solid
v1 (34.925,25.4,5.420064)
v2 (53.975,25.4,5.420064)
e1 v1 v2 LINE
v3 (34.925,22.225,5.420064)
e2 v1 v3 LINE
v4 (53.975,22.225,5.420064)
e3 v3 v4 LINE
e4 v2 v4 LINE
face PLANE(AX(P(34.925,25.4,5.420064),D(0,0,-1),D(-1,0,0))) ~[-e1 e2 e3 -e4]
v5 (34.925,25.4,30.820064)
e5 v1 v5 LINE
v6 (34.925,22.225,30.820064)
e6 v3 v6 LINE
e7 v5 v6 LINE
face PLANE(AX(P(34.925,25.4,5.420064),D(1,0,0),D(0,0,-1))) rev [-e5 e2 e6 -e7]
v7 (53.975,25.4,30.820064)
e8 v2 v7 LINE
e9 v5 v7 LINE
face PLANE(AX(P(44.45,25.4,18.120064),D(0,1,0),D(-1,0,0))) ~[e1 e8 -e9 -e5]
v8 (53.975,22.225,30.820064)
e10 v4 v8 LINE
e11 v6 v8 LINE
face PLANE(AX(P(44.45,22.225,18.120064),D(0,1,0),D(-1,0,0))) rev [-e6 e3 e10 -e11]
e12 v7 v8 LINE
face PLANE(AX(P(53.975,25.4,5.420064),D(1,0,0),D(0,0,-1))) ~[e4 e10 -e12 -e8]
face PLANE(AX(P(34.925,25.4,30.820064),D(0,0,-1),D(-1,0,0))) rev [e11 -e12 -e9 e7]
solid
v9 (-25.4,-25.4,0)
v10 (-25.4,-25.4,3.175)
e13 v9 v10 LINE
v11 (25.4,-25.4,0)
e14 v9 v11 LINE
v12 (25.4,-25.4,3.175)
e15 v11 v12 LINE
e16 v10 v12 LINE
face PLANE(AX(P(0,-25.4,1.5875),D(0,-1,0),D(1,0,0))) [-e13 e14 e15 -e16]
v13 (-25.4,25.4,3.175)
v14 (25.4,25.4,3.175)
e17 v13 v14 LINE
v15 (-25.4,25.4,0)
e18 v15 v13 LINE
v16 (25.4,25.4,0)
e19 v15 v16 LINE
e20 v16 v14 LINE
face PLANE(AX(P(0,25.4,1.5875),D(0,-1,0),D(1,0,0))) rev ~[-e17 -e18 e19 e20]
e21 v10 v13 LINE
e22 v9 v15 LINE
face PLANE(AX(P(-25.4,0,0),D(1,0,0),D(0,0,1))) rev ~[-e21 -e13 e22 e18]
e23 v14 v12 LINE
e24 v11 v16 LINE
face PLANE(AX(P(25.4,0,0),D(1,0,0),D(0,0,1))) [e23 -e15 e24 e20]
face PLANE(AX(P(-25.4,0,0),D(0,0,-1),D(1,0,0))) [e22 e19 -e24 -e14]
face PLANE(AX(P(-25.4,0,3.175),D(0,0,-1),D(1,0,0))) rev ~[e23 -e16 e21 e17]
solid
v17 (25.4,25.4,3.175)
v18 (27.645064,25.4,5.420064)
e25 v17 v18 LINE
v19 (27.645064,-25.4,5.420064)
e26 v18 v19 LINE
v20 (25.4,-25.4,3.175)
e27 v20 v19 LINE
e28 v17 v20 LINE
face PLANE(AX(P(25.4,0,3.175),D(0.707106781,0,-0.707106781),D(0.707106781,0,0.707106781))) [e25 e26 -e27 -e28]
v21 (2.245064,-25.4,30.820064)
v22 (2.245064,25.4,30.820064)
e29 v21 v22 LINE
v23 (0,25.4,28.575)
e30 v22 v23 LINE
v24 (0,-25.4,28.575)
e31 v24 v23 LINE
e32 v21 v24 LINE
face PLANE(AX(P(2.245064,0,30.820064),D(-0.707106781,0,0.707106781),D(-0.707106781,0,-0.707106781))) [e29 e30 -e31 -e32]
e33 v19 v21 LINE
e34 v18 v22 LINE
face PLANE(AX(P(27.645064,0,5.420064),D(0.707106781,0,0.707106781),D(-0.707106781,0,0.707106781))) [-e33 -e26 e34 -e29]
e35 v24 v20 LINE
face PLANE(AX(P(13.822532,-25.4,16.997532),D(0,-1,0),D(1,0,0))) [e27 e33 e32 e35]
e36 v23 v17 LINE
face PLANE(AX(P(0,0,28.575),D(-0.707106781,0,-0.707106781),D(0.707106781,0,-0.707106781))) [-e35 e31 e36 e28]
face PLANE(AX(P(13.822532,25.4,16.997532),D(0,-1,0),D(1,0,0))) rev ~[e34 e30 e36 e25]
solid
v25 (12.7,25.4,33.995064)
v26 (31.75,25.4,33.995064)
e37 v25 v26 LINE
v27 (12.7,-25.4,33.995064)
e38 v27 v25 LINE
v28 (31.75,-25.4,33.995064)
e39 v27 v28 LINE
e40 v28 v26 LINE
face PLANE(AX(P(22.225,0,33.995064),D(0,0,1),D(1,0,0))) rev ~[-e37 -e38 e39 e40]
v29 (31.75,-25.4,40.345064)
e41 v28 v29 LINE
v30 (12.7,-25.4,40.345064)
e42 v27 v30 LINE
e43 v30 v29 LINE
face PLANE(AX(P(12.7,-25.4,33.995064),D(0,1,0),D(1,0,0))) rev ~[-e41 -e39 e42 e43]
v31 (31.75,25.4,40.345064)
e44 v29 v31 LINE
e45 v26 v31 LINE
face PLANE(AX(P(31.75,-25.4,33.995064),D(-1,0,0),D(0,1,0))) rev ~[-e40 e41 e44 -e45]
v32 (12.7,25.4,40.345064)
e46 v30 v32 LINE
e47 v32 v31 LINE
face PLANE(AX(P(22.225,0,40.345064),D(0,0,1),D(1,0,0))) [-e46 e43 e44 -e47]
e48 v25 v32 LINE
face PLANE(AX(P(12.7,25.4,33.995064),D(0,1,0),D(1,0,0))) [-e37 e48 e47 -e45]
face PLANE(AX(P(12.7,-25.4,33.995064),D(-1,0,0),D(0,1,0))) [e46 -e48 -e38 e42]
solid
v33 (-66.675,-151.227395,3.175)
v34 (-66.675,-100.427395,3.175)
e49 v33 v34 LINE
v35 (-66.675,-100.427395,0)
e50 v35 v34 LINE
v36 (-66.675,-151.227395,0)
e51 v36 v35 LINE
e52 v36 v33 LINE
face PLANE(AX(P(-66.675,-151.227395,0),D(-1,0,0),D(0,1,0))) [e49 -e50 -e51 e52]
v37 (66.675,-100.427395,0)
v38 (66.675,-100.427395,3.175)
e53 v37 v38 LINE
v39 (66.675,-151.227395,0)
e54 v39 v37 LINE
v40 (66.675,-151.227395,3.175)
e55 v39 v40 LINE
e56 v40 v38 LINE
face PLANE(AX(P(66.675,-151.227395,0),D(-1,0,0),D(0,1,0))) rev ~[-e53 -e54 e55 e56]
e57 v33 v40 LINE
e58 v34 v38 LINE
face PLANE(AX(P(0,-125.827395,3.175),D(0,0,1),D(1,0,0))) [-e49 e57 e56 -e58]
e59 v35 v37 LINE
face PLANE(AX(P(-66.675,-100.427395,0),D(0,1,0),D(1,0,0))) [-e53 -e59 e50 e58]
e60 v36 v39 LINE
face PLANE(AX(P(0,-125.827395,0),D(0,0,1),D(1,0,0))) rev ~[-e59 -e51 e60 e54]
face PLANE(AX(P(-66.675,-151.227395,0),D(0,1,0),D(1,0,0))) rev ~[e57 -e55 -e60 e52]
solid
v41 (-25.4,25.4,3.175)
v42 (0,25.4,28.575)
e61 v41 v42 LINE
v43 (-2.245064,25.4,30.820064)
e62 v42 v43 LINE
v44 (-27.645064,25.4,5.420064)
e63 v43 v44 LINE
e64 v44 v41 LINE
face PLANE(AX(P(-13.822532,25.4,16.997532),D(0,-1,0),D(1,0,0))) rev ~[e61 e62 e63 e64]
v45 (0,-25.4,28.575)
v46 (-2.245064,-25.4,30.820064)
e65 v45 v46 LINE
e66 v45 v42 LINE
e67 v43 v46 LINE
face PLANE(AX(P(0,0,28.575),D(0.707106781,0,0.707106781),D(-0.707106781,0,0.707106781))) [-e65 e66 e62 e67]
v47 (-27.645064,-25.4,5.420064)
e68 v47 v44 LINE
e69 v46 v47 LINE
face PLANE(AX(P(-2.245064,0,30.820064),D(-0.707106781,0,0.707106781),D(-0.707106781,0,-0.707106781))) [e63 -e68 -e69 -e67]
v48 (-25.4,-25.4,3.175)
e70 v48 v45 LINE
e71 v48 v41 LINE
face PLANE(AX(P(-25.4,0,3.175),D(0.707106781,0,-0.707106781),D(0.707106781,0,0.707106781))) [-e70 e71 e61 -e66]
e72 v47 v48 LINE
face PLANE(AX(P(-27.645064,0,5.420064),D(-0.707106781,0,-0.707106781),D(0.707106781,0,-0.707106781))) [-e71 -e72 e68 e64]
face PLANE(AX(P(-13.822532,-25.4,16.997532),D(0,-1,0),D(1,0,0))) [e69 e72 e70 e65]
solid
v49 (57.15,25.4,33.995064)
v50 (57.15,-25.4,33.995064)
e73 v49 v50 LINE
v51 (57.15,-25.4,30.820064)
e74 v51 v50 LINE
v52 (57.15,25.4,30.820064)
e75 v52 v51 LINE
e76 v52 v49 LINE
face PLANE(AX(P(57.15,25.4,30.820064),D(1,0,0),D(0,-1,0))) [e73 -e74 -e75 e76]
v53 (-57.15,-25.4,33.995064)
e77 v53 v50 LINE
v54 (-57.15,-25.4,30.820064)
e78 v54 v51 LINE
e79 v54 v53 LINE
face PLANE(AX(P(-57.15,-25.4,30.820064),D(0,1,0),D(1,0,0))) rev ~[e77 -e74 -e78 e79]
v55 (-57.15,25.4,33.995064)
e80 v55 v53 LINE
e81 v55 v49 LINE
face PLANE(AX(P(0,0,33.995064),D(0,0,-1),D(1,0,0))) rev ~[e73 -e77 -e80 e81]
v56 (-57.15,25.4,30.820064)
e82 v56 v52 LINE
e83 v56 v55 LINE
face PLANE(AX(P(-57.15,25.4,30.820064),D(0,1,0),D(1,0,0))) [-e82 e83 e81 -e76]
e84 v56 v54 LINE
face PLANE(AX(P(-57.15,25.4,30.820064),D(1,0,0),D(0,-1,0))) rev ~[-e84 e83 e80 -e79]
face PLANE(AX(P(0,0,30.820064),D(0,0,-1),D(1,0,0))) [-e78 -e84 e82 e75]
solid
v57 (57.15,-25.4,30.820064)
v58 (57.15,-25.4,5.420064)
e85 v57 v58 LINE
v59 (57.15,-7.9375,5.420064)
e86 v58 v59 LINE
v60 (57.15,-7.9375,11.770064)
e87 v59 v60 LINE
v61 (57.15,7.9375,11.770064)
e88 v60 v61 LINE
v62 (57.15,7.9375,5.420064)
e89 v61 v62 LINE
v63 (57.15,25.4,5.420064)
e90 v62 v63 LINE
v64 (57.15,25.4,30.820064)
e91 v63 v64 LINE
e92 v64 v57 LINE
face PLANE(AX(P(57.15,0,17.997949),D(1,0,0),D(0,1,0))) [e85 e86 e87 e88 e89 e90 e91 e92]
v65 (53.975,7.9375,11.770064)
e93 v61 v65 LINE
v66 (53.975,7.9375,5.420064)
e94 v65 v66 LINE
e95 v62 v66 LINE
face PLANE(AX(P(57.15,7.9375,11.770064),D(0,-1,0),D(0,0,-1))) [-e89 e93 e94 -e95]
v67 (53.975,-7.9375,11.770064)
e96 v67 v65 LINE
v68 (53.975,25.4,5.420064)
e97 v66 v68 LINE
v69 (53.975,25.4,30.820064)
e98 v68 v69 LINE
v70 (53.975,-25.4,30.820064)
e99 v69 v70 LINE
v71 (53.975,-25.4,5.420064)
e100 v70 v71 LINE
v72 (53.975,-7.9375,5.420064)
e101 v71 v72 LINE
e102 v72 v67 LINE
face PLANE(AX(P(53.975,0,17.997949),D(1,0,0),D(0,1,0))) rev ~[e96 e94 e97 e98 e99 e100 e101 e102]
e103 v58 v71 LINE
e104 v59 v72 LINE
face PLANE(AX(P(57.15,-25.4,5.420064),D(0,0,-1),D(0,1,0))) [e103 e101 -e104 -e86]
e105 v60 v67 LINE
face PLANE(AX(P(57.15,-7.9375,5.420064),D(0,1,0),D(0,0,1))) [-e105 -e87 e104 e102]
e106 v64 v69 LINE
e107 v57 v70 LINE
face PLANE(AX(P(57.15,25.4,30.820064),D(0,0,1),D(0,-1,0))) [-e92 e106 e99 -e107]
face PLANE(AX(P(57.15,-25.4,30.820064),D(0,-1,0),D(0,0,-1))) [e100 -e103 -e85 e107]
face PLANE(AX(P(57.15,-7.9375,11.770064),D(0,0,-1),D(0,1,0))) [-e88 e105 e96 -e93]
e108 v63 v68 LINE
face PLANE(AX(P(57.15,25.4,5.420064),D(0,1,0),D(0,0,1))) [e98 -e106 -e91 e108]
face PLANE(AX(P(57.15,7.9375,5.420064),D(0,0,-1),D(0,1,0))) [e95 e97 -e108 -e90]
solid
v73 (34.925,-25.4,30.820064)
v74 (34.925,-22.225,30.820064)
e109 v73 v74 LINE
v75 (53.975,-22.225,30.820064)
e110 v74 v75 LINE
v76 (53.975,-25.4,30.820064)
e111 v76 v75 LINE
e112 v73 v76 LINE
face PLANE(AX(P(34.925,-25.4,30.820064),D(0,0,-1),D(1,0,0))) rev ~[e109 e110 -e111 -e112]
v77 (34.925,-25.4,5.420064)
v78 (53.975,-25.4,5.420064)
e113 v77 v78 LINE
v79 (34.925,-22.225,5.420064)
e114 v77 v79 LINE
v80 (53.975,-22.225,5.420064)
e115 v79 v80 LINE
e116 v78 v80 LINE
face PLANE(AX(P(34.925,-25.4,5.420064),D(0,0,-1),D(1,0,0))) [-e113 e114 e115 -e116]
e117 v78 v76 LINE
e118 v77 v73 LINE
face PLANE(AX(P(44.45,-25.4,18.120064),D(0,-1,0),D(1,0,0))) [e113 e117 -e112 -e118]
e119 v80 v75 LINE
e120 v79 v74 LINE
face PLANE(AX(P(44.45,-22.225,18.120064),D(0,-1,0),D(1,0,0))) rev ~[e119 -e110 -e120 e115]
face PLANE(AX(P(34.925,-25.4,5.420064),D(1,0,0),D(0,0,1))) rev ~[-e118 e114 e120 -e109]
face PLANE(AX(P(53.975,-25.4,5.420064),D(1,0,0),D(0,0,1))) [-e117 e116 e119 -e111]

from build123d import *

# Parameters (mm, degrees)
F0_W      = 50.8
F0_H      = 3.175
F1_DEPTH  = 25.4
F3_W      = 114.3
F3_H      = 50.8
F4_DEPTH  = 3.175
F6_DEPTH  = 3.175
F7_W      = 19.05
F7_H      = 25.4
F8_DEPTH  = 3.175
F10_W     = 19.05
F10_H     = 50.8
F11_DEPTH = 6.35
F12_W     = 133.35
F12_H     = 50.8
F13_DEPTH = 3.175


with BuildPart() as f1:
    # F0 (on Front) → F1 (new body, symmetric)
    with BuildSketch(Plane.XZ):
        Polygon((-27.645064, 5.420064), (-25.4, 3.175), (0, 28.575), (-2.245064, 30.820064), align=None)
        with Locations((0, 1.5875)):
            Rectangle(F0_W, F0_H)
        Polygon((0, 28.575), (25.4, 3.175), (27.645064, 5.420064), (2.245064, 30.820064), align=None)
    extrude(amount=F1_DEPTH, both=True)


with BuildPart() as f4:
    # F3 (on face) → F4 (new body)
    with BuildSketch(Plane(origin=(0, 0, 30.820064), x_dir=(1, 0, 0), z_dir=(0, 0, -1))):
        Rectangle(F3_W, F3_H)
    extrude(amount=-F4_DEPTH)


with BuildPart() as f6:
    # F5 (on face) → F6 (new body)
    with BuildSketch(Plane.YZ.offset(57.15)):
        Polygon((25.4, 30.820064), (-25.4, 30.820064), (-25.4, 5.420064), (-7.9375, 5.420064), (-7.9375, 11.770064), (7.9375, 11.770064), (7.9375, 5.420064), (25.4, 5.420064), align=None)
    extrude(amount=-F6_DEPTH)


with BuildPart() as f8:
    # F7 (on face) → F8 (new body)
    with BuildSketch(Plane.XZ.offset(25.4)):
        with Locations((44.45, 18.120064)):
            Rectangle(F7_W, F7_H)
    extrude(amount=-F8_DEPTH)


with BuildPart() as f9_1:
    # F9: instance of F8
    add(f8.part.mirror(Plane.XZ))


with BuildPart() as f11:
    # F10 (on face) → F11 (new body)
    with BuildSketch(Plane.XY.offset(33.995064)):
        with Locations((22.225, 0)):
            Rectangle(F10_W, F10_H)
    extrude(amount=F11_DEPTH)


with BuildPart() as f13:
    # F12 (on Top) → F13 (new body)
    with BuildSketch(Plane.XY):
        with Locations((0, -125.827395)):
            Rectangle(F12_W, F12_H)
    extrude(amount=F13_DEPTH)


solid = Compound([f1.part, f4.part, f6.part, f8.part, f9_1.part, f11.part, f13.part])
